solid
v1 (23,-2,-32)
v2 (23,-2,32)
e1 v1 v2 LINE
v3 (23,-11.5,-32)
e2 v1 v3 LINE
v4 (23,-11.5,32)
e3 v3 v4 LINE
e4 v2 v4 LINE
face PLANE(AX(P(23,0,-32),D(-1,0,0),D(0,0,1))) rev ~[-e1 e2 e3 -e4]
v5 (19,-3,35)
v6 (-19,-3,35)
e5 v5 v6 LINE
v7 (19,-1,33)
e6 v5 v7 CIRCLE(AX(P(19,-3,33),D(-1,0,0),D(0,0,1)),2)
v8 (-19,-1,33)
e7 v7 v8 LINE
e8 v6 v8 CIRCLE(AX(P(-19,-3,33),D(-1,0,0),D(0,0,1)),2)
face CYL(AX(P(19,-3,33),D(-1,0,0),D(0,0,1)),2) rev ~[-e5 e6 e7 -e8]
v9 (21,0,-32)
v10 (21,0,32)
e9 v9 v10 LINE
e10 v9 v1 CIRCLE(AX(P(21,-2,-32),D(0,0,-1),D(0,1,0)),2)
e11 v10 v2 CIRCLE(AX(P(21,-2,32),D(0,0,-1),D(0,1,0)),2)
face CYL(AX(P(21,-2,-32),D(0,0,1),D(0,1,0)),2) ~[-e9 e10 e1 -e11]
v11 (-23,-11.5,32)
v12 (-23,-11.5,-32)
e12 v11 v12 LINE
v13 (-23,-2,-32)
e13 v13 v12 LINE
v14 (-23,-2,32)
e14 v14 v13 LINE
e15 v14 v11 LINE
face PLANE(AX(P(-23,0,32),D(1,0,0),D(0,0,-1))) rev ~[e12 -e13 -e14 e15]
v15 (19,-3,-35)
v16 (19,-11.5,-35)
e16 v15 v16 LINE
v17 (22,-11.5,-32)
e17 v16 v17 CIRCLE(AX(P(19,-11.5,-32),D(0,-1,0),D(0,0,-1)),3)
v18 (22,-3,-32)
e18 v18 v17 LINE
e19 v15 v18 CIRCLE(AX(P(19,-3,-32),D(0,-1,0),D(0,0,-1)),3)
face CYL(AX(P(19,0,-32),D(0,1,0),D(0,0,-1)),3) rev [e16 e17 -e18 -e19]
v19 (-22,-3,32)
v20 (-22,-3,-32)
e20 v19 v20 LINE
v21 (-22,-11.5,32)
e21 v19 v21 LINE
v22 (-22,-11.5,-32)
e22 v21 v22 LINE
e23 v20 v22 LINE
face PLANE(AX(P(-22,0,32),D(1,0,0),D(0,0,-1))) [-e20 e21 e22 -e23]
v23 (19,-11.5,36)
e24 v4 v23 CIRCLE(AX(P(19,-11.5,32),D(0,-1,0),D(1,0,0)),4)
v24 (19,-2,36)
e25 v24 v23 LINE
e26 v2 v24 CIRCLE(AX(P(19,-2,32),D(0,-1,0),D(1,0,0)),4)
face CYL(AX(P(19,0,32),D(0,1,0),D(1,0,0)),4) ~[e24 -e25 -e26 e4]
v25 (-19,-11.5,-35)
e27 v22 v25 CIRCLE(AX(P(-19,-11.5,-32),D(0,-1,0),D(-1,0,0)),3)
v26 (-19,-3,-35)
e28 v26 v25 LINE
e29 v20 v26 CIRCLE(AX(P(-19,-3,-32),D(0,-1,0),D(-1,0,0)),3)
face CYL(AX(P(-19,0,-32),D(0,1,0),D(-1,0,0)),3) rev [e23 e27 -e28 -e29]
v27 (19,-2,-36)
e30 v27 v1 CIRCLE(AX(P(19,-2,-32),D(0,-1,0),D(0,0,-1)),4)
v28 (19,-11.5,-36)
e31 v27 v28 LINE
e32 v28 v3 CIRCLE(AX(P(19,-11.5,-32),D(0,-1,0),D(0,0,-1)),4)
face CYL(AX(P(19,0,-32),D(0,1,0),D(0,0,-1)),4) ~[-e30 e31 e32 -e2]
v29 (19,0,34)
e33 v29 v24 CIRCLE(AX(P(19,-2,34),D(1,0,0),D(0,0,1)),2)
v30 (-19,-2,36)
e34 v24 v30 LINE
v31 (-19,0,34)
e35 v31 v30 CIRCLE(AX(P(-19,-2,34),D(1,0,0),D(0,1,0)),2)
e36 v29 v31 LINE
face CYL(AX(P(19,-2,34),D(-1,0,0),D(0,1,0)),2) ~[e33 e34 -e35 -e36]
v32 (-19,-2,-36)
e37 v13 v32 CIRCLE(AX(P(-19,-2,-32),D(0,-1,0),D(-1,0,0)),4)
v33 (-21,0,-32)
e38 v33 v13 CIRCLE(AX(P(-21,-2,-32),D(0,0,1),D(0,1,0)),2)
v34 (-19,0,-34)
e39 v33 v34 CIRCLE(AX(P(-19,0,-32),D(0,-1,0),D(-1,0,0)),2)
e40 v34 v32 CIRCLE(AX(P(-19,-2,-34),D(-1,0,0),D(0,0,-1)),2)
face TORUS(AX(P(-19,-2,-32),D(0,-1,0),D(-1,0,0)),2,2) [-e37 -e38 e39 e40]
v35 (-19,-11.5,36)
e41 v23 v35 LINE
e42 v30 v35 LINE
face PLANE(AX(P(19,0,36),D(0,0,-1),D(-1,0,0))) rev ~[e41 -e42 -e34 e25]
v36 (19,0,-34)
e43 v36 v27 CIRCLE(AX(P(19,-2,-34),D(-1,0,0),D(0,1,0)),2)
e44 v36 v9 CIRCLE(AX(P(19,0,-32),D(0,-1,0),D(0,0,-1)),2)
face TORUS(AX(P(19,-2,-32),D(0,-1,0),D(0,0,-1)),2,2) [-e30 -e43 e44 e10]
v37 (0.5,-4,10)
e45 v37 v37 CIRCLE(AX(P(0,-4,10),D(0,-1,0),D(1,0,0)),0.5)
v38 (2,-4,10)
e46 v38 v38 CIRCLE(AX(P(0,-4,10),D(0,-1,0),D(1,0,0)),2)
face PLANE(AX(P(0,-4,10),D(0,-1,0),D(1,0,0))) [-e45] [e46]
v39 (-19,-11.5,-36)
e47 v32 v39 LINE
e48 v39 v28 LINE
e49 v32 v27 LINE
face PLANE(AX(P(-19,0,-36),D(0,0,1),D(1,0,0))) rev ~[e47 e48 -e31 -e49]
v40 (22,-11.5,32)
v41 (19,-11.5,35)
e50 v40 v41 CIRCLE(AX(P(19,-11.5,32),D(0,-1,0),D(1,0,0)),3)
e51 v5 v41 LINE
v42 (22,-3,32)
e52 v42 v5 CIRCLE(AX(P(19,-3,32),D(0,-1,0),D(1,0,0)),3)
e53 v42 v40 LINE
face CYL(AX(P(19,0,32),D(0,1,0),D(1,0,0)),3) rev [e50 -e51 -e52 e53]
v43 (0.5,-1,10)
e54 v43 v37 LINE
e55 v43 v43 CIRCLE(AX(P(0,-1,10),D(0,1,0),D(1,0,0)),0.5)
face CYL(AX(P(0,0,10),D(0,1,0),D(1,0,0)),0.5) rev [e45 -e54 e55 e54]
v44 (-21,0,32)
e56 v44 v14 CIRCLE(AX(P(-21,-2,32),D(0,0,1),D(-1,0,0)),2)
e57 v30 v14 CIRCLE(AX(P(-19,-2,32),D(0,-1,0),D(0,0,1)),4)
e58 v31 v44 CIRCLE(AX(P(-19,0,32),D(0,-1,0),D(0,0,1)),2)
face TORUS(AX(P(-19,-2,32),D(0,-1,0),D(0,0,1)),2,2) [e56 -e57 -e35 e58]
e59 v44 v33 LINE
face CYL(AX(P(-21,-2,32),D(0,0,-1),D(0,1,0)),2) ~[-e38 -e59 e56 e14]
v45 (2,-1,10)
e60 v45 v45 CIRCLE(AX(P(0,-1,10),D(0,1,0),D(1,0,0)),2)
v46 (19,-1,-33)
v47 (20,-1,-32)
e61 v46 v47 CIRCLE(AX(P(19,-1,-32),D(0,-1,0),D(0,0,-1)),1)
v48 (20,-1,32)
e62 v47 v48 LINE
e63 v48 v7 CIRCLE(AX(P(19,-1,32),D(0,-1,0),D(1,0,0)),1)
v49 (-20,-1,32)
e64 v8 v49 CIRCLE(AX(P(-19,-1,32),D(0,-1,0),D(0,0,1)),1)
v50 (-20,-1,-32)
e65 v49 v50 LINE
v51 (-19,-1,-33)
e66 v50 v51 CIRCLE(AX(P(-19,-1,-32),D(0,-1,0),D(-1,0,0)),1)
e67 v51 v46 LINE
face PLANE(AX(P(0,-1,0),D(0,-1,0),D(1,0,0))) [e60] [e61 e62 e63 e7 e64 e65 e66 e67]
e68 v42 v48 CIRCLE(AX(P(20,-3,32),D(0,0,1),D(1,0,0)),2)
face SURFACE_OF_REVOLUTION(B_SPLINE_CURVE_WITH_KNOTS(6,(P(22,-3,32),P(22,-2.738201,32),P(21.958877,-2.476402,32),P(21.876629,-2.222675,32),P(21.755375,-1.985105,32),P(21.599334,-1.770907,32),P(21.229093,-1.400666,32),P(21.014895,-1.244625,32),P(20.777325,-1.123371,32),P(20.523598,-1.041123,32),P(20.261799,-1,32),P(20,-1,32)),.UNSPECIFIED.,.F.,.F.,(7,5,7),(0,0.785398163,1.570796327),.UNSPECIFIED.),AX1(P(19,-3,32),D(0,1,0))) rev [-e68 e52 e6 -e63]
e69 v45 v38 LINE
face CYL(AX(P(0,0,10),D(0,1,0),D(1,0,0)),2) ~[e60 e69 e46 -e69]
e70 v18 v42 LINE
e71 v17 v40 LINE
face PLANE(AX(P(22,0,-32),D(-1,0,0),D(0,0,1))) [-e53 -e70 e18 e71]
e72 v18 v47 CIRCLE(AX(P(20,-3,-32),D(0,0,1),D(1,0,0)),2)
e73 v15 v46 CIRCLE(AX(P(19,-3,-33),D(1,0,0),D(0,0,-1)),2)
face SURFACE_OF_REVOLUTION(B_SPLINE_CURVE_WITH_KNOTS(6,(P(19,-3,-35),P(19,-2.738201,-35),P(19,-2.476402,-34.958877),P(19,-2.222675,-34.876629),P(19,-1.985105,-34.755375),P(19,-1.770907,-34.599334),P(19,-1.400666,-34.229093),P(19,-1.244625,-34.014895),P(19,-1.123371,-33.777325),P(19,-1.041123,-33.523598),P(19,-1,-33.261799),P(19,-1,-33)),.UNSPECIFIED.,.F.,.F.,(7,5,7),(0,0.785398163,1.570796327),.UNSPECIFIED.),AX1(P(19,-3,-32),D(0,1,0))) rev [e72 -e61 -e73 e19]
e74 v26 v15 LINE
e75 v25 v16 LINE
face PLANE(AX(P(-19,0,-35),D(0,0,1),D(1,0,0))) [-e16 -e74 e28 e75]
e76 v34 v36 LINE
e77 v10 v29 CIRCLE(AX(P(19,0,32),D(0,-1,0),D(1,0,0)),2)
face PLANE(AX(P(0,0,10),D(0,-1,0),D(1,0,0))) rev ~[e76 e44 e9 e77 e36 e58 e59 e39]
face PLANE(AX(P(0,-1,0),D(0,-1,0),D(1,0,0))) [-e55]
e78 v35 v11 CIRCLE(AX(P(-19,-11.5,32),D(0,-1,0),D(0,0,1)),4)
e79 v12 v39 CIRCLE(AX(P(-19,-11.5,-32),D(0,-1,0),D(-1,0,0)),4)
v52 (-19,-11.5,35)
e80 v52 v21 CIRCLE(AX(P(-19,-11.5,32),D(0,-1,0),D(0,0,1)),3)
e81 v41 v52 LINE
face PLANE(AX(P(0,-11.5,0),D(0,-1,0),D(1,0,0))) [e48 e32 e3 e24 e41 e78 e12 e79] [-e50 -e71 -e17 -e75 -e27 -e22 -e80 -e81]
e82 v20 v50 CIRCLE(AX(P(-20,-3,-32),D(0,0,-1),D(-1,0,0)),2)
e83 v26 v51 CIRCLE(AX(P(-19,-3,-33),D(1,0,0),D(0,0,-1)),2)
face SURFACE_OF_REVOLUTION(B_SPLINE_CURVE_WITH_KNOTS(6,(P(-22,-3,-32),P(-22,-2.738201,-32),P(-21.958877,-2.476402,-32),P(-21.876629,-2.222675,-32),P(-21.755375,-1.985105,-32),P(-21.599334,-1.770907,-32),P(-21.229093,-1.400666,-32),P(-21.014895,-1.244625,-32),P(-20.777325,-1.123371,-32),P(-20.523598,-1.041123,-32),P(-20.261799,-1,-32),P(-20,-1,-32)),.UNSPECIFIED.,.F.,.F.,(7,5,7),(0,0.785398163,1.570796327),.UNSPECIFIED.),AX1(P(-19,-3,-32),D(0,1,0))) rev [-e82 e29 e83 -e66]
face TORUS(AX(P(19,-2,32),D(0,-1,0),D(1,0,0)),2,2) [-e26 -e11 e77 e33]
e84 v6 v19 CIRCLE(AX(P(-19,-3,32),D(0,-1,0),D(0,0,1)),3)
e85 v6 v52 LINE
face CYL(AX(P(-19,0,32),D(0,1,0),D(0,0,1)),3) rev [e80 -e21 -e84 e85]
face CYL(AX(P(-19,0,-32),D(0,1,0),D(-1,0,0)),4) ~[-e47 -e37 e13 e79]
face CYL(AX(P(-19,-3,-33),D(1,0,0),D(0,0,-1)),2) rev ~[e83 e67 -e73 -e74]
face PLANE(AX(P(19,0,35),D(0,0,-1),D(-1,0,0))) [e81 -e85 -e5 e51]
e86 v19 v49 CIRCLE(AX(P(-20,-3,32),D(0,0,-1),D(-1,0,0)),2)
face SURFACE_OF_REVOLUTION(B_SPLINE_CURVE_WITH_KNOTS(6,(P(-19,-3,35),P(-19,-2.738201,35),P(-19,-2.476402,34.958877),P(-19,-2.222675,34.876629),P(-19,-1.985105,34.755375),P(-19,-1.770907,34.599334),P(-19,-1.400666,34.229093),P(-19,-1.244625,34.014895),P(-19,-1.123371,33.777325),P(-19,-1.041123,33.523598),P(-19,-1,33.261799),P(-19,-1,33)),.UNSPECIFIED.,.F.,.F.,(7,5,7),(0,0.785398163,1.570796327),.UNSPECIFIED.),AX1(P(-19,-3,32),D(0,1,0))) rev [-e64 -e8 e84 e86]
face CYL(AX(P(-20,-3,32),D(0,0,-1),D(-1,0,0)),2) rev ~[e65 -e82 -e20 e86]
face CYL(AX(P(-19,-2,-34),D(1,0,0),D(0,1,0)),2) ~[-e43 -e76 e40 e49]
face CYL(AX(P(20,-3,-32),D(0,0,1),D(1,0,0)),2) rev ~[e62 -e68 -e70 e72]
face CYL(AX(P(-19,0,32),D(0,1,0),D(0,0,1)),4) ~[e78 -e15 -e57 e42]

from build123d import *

# Parameters (mm, degrees)
F1_DEPTH = 11.5
F2_T     = -1
F3_R     = 2
F3_R_2   = 0.5
F4_DEPTH = 4
F5_R     = 2


with BuildPart() as f1:
    # F0 (on Front) → F1 (new body)
    with BuildSketch(Plane.XZ):
        with BuildLine():
            Line((19, 36), (-19, 36))
            ThreePointArc((-19, 36), (-21.8284271247, 34.8284271247), (-23, 32))
            Line((-23, 32), (-23, -32))
            ThreePointArc((-23, -32), (-21.8284271247, -34.8284271247), (-19, -36))
            Line((-19, -36), (19, -36))
            ThreePointArc((19, -36), (21.8284271247, -34.8284271247), (23, -32))
            Line((23, -32), (23, 32))
            ThreePointArc((23, 32), (21.8284271247, 34.8284271247), (19, 36))
        make_face()
    extrude(amount=F1_DEPTH)

    # F2
    f2_openings = [f1.faces().sort_by_distance(p)[0] for p in [
        (0, -11.5, 0),
    ]]
    offset(amount=F2_T, openings=f2_openings)

    # F3 (on Front) → F4 (join)
    with BuildSketch(Plane.XZ):
        with Locations((0, 10)):
            Circle(F3_R)
        with Locations((0, 10)):
            Circle(F3_R_2, mode=Mode.SUBTRACT)
    extrude(amount=F4_DEPTH)

    # F5
    f5_edges = [f1.edges().sort_by_distance(p)[0] for p in [
        (23, 0, 0),
        (-22, -1, 0),
    ]]
    fillet(f5_edges, radius=F5_R)


solid = f1.part
